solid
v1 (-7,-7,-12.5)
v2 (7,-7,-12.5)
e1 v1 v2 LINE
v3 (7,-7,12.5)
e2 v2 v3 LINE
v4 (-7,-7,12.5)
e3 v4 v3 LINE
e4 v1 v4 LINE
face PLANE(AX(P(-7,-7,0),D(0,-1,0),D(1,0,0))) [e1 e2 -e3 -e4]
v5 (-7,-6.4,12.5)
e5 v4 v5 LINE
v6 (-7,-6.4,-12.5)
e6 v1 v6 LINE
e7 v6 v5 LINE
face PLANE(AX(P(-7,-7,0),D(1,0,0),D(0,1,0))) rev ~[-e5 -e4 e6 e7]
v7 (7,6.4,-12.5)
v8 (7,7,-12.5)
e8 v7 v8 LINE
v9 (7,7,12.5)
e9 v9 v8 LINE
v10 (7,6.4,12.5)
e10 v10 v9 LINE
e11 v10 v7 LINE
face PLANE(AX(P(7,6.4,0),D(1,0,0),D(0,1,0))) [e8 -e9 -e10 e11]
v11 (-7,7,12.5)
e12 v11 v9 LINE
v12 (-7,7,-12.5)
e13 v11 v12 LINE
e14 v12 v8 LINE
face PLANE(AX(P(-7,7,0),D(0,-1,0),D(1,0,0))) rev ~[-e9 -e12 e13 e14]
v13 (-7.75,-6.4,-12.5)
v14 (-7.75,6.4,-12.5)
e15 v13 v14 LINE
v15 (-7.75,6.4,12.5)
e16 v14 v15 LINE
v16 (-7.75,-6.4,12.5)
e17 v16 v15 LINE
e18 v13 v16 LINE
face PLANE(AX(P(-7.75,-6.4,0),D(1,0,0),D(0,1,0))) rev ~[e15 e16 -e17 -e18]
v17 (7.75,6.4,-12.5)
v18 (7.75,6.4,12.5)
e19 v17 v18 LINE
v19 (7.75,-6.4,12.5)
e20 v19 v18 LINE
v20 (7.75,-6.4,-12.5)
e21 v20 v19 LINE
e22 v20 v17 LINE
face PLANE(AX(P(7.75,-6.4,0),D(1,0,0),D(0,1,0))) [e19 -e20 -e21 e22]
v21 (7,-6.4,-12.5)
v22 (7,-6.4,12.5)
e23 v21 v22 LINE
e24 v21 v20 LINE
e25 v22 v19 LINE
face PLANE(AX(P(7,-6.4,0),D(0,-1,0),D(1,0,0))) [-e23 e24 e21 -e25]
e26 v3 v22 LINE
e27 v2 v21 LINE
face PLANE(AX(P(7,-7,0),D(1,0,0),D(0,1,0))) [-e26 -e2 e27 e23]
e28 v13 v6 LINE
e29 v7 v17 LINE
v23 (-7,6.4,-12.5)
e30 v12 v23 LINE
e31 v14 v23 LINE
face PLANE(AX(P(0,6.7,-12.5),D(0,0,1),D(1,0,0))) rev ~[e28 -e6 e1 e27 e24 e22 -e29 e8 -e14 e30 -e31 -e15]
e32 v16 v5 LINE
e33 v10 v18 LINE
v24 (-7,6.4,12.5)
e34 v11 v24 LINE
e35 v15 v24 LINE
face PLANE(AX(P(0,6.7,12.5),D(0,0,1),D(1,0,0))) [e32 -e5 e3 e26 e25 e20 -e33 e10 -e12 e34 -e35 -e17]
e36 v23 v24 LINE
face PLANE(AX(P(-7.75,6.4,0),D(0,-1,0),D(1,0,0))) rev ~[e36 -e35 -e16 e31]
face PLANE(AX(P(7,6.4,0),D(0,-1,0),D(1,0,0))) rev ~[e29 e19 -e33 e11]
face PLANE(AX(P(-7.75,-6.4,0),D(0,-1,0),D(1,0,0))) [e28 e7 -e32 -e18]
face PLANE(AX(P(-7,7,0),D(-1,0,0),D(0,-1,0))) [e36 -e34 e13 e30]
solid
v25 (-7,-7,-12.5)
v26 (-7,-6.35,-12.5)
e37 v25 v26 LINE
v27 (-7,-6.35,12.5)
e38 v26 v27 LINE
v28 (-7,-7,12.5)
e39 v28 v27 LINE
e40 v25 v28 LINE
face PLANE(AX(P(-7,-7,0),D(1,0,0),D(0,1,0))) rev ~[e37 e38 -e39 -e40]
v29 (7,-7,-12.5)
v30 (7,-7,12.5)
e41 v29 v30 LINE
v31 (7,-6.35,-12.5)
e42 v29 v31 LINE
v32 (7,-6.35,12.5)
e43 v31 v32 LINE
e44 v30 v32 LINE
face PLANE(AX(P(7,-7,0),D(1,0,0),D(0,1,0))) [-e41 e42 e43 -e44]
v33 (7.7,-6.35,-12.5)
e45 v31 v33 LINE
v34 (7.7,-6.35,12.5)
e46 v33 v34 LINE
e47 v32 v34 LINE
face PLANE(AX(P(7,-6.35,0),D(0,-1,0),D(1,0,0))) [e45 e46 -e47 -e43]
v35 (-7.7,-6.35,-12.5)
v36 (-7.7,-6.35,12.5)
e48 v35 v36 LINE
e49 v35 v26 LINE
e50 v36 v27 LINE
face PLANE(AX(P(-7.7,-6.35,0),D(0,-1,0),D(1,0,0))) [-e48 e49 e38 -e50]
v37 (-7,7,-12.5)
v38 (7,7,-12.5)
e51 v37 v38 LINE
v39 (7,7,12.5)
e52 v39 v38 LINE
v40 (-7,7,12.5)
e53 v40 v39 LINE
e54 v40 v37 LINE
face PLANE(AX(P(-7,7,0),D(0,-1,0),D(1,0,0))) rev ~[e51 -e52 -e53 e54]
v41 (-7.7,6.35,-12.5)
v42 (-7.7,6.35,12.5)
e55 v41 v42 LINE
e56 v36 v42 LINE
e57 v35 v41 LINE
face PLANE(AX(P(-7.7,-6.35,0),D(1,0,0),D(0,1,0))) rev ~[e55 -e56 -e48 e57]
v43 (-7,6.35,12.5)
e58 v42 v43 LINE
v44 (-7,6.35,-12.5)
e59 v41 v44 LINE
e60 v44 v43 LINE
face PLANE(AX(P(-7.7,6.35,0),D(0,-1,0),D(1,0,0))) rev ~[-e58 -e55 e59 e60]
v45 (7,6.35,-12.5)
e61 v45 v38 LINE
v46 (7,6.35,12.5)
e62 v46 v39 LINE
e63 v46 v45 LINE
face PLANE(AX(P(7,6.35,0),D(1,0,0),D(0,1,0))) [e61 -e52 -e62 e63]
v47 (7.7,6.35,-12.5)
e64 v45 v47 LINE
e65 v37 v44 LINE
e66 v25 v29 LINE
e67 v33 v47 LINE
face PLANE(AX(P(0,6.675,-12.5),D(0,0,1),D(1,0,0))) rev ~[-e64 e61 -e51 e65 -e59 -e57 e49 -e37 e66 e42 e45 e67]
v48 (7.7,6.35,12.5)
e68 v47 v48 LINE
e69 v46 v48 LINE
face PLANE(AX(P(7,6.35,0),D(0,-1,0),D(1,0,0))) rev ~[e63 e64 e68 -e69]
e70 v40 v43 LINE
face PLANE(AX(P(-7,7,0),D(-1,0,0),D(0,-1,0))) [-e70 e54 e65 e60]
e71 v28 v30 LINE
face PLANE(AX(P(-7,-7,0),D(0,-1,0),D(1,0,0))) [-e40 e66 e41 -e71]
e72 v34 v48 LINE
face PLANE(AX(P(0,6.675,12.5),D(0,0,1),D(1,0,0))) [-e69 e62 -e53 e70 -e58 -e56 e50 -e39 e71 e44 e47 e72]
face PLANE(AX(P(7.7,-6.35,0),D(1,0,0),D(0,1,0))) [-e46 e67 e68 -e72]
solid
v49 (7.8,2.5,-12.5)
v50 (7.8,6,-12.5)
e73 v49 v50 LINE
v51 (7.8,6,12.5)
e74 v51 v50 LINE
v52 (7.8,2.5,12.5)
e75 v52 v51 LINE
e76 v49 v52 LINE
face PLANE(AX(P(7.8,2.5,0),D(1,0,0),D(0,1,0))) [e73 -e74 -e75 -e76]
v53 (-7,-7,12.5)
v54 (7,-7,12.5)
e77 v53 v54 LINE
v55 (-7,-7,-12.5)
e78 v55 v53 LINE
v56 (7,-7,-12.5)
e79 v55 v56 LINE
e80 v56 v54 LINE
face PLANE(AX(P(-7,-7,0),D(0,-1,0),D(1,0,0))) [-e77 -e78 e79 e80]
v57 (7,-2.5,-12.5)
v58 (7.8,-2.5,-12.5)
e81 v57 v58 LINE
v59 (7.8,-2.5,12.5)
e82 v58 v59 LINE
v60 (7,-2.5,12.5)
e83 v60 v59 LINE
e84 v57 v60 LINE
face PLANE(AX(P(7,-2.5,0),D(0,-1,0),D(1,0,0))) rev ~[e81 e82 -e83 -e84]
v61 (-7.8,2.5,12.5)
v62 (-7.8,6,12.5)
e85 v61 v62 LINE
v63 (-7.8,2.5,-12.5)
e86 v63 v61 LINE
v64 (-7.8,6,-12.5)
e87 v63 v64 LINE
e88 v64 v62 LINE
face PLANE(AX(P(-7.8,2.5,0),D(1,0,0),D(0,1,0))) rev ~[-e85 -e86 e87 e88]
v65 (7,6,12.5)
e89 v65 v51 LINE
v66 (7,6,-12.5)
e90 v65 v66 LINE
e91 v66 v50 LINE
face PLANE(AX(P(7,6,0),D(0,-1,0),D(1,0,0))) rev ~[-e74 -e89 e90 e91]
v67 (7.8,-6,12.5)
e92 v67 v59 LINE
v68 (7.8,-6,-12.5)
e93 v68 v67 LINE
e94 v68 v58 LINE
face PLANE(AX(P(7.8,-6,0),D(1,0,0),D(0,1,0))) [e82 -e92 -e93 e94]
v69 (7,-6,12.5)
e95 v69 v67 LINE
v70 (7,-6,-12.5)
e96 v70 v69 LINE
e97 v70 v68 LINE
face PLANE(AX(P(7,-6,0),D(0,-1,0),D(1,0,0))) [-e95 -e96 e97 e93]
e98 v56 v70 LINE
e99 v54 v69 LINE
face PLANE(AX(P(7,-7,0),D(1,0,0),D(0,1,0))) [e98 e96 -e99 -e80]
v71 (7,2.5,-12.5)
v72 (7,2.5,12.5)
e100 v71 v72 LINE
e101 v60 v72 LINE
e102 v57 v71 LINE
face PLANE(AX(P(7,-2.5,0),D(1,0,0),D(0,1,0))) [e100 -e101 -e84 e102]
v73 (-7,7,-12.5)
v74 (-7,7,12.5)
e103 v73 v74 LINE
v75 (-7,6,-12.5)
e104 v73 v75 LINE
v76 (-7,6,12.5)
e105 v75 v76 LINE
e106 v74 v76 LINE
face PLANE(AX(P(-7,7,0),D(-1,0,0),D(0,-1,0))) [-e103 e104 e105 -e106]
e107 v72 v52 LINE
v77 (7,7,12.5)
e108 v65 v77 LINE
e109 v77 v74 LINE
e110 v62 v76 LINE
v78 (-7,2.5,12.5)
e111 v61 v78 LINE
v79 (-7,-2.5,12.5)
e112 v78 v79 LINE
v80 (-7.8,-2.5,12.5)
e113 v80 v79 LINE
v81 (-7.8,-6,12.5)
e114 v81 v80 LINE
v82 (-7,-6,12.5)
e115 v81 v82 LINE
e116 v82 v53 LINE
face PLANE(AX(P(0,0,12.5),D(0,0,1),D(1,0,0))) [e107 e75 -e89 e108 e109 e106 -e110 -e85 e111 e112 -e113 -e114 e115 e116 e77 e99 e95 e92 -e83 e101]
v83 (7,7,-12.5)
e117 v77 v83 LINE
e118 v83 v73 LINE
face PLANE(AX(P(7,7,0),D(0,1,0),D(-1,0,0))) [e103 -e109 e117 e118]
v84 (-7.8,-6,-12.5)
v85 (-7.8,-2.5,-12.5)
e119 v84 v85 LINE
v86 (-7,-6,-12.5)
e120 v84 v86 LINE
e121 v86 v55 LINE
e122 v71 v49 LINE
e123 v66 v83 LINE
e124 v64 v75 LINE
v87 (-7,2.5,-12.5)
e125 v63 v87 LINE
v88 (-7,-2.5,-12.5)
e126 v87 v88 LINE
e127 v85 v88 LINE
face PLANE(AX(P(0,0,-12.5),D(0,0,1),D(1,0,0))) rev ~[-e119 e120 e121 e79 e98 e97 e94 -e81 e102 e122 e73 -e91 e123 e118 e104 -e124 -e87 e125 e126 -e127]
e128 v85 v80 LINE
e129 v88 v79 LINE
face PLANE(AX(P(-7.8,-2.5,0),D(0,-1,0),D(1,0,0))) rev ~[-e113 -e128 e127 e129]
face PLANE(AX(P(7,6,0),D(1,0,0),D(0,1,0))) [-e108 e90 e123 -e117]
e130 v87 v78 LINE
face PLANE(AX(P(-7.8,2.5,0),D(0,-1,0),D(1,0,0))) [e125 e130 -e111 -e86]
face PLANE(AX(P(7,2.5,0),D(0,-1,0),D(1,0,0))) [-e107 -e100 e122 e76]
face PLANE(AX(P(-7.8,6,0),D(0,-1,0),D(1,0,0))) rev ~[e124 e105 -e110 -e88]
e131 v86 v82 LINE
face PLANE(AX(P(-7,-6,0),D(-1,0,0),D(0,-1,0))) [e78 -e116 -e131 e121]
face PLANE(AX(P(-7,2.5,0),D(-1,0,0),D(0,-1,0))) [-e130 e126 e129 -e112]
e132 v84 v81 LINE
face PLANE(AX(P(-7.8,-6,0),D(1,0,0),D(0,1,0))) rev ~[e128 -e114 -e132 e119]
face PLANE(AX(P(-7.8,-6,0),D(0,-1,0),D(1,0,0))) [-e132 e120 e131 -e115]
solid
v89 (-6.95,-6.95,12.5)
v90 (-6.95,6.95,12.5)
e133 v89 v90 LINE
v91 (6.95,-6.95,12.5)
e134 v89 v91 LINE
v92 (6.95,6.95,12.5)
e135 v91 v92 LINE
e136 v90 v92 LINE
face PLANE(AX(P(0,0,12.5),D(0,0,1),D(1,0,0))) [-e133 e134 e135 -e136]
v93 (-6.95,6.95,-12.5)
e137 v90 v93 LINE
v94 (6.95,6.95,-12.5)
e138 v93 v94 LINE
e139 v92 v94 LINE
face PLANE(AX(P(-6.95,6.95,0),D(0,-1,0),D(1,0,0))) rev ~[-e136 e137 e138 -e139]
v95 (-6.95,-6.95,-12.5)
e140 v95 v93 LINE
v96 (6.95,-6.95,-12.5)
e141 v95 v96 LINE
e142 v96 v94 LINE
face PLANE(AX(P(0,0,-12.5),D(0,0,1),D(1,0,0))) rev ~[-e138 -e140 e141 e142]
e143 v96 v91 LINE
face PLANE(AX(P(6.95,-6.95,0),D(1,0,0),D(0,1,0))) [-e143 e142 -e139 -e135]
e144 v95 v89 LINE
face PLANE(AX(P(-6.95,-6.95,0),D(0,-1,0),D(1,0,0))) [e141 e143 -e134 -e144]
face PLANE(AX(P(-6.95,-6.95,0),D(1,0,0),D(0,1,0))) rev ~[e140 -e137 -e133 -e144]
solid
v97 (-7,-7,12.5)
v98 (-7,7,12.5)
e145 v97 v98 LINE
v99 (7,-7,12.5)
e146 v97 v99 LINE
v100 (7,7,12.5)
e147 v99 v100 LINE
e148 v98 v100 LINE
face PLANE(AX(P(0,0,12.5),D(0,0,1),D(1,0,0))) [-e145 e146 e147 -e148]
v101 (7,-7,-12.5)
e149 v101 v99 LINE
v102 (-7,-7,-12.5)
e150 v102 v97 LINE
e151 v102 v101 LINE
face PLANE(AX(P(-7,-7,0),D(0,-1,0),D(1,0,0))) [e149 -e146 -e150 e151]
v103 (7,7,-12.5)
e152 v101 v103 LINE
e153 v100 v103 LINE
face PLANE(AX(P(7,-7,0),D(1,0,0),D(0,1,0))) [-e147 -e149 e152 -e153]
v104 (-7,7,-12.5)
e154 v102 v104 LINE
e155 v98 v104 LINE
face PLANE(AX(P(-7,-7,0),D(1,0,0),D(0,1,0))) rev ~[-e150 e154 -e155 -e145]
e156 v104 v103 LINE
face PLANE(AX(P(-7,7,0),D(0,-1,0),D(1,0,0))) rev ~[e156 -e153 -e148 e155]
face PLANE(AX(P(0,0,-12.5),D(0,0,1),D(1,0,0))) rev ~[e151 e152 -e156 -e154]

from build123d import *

# Parameters (mm, degrees)
F0_W     = 14
F0_H     = 14
F1_DEPTH = 12.5
F2_W     = 14
F2_H     = 0.6
F2_W_2   = 0.75
F2_H_2   = 12.8
F3_DEPTH = 12.5
F4_W     = 0.8
F4_H     = 3.5
F5_DEPTH = 12.5
F6_W     = 13.9
F6_H     = 13.9
F7_DEPTH = 12.5
F8_W     = 14
F8_H     = 0.65
F8_W_2   = 0.7
F8_H_2   = 12.7
F9_DEPTH = 12.5


with BuildPart() as f1:
    # F0 (on Top) → F1 (new body, symmetric)
    with BuildSketch(Plane.XY):
        Rectangle(F0_W, F0_H)
    extrude(amount=F1_DEPTH, both=True)


with BuildPart() as f3:
    # F2 (on Top) → F3 (new body, symmetric)
    with BuildSketch(Plane.XY):
        with Locations((0, 6.7)):
            Rectangle(F2_W, F2_H)
        with Locations((7.375, 0)):
            Rectangle(F2_W_2, F2_H_2)
        Rectangle(F2_W, F2_H_2)
        with Locations((-7.375, 0)):
            Rectangle(F2_W_2, F2_H_2)
        with Locations((0, -6.7)):
            Rectangle(F2_W, F2_H)
    extrude(amount=F3_DEPTH, both=True)


with BuildPart() as f5:
    # F4 (on Top) → F5 (new body, symmetric)
    with BuildSketch(Plane.XY):
        Polygon((7, 6), (7, 7), (-7, 7), (-7, 6), (-7, 2.5), (-7, -2.5), (-7, -6), (-7, -7), (7, -7), (7, -6), (7, -2.5), (7, 2.5), align=None)
        with Locations((7.4, 4.25)):
            Rectangle(F4_W, F4_H)
        with Locations((-7.4, 4.25)):
            Rectangle(F4_W, F4_H)
        with Locations((7.4, -4.25)):
            Rectangle(F4_W, F4_H)
        with Locations((-7.4, -4.25)):
            Rectangle(F4_W, F4_H)
    extrude(amount=F5_DEPTH, both=True)


with BuildPart() as f7:
    # F6 (on Top) → F7 (new body, symmetric)
    with BuildSketch(Plane.XY):
        Rectangle(F6_W, F6_H)
    extrude(amount=F7_DEPTH, both=True)


with BuildPart() as f9:
    # F8 (on Top) → F9 (new body, symmetric)
    with BuildSketch(Plane.XY):
        with Locations((0, 6.675)):
            Rectangle(F8_W, F8_H)
        with Locations((7.35, 0)):
            Rectangle(F8_W_2, F8_H_2)
        Rectangle(F8_W, F8_H_2)
        with Locations((-7.35, 0)):
            Rectangle(F8_W_2, F8_H_2)
        with Locations((0, -6.675)):
            Rectangle(F8_W, F8_H)
    extrude(amount=F9_DEPTH, both=True)


solid = Compound([f1.part, f3.part, f5.part, f7.part, f9.part])
